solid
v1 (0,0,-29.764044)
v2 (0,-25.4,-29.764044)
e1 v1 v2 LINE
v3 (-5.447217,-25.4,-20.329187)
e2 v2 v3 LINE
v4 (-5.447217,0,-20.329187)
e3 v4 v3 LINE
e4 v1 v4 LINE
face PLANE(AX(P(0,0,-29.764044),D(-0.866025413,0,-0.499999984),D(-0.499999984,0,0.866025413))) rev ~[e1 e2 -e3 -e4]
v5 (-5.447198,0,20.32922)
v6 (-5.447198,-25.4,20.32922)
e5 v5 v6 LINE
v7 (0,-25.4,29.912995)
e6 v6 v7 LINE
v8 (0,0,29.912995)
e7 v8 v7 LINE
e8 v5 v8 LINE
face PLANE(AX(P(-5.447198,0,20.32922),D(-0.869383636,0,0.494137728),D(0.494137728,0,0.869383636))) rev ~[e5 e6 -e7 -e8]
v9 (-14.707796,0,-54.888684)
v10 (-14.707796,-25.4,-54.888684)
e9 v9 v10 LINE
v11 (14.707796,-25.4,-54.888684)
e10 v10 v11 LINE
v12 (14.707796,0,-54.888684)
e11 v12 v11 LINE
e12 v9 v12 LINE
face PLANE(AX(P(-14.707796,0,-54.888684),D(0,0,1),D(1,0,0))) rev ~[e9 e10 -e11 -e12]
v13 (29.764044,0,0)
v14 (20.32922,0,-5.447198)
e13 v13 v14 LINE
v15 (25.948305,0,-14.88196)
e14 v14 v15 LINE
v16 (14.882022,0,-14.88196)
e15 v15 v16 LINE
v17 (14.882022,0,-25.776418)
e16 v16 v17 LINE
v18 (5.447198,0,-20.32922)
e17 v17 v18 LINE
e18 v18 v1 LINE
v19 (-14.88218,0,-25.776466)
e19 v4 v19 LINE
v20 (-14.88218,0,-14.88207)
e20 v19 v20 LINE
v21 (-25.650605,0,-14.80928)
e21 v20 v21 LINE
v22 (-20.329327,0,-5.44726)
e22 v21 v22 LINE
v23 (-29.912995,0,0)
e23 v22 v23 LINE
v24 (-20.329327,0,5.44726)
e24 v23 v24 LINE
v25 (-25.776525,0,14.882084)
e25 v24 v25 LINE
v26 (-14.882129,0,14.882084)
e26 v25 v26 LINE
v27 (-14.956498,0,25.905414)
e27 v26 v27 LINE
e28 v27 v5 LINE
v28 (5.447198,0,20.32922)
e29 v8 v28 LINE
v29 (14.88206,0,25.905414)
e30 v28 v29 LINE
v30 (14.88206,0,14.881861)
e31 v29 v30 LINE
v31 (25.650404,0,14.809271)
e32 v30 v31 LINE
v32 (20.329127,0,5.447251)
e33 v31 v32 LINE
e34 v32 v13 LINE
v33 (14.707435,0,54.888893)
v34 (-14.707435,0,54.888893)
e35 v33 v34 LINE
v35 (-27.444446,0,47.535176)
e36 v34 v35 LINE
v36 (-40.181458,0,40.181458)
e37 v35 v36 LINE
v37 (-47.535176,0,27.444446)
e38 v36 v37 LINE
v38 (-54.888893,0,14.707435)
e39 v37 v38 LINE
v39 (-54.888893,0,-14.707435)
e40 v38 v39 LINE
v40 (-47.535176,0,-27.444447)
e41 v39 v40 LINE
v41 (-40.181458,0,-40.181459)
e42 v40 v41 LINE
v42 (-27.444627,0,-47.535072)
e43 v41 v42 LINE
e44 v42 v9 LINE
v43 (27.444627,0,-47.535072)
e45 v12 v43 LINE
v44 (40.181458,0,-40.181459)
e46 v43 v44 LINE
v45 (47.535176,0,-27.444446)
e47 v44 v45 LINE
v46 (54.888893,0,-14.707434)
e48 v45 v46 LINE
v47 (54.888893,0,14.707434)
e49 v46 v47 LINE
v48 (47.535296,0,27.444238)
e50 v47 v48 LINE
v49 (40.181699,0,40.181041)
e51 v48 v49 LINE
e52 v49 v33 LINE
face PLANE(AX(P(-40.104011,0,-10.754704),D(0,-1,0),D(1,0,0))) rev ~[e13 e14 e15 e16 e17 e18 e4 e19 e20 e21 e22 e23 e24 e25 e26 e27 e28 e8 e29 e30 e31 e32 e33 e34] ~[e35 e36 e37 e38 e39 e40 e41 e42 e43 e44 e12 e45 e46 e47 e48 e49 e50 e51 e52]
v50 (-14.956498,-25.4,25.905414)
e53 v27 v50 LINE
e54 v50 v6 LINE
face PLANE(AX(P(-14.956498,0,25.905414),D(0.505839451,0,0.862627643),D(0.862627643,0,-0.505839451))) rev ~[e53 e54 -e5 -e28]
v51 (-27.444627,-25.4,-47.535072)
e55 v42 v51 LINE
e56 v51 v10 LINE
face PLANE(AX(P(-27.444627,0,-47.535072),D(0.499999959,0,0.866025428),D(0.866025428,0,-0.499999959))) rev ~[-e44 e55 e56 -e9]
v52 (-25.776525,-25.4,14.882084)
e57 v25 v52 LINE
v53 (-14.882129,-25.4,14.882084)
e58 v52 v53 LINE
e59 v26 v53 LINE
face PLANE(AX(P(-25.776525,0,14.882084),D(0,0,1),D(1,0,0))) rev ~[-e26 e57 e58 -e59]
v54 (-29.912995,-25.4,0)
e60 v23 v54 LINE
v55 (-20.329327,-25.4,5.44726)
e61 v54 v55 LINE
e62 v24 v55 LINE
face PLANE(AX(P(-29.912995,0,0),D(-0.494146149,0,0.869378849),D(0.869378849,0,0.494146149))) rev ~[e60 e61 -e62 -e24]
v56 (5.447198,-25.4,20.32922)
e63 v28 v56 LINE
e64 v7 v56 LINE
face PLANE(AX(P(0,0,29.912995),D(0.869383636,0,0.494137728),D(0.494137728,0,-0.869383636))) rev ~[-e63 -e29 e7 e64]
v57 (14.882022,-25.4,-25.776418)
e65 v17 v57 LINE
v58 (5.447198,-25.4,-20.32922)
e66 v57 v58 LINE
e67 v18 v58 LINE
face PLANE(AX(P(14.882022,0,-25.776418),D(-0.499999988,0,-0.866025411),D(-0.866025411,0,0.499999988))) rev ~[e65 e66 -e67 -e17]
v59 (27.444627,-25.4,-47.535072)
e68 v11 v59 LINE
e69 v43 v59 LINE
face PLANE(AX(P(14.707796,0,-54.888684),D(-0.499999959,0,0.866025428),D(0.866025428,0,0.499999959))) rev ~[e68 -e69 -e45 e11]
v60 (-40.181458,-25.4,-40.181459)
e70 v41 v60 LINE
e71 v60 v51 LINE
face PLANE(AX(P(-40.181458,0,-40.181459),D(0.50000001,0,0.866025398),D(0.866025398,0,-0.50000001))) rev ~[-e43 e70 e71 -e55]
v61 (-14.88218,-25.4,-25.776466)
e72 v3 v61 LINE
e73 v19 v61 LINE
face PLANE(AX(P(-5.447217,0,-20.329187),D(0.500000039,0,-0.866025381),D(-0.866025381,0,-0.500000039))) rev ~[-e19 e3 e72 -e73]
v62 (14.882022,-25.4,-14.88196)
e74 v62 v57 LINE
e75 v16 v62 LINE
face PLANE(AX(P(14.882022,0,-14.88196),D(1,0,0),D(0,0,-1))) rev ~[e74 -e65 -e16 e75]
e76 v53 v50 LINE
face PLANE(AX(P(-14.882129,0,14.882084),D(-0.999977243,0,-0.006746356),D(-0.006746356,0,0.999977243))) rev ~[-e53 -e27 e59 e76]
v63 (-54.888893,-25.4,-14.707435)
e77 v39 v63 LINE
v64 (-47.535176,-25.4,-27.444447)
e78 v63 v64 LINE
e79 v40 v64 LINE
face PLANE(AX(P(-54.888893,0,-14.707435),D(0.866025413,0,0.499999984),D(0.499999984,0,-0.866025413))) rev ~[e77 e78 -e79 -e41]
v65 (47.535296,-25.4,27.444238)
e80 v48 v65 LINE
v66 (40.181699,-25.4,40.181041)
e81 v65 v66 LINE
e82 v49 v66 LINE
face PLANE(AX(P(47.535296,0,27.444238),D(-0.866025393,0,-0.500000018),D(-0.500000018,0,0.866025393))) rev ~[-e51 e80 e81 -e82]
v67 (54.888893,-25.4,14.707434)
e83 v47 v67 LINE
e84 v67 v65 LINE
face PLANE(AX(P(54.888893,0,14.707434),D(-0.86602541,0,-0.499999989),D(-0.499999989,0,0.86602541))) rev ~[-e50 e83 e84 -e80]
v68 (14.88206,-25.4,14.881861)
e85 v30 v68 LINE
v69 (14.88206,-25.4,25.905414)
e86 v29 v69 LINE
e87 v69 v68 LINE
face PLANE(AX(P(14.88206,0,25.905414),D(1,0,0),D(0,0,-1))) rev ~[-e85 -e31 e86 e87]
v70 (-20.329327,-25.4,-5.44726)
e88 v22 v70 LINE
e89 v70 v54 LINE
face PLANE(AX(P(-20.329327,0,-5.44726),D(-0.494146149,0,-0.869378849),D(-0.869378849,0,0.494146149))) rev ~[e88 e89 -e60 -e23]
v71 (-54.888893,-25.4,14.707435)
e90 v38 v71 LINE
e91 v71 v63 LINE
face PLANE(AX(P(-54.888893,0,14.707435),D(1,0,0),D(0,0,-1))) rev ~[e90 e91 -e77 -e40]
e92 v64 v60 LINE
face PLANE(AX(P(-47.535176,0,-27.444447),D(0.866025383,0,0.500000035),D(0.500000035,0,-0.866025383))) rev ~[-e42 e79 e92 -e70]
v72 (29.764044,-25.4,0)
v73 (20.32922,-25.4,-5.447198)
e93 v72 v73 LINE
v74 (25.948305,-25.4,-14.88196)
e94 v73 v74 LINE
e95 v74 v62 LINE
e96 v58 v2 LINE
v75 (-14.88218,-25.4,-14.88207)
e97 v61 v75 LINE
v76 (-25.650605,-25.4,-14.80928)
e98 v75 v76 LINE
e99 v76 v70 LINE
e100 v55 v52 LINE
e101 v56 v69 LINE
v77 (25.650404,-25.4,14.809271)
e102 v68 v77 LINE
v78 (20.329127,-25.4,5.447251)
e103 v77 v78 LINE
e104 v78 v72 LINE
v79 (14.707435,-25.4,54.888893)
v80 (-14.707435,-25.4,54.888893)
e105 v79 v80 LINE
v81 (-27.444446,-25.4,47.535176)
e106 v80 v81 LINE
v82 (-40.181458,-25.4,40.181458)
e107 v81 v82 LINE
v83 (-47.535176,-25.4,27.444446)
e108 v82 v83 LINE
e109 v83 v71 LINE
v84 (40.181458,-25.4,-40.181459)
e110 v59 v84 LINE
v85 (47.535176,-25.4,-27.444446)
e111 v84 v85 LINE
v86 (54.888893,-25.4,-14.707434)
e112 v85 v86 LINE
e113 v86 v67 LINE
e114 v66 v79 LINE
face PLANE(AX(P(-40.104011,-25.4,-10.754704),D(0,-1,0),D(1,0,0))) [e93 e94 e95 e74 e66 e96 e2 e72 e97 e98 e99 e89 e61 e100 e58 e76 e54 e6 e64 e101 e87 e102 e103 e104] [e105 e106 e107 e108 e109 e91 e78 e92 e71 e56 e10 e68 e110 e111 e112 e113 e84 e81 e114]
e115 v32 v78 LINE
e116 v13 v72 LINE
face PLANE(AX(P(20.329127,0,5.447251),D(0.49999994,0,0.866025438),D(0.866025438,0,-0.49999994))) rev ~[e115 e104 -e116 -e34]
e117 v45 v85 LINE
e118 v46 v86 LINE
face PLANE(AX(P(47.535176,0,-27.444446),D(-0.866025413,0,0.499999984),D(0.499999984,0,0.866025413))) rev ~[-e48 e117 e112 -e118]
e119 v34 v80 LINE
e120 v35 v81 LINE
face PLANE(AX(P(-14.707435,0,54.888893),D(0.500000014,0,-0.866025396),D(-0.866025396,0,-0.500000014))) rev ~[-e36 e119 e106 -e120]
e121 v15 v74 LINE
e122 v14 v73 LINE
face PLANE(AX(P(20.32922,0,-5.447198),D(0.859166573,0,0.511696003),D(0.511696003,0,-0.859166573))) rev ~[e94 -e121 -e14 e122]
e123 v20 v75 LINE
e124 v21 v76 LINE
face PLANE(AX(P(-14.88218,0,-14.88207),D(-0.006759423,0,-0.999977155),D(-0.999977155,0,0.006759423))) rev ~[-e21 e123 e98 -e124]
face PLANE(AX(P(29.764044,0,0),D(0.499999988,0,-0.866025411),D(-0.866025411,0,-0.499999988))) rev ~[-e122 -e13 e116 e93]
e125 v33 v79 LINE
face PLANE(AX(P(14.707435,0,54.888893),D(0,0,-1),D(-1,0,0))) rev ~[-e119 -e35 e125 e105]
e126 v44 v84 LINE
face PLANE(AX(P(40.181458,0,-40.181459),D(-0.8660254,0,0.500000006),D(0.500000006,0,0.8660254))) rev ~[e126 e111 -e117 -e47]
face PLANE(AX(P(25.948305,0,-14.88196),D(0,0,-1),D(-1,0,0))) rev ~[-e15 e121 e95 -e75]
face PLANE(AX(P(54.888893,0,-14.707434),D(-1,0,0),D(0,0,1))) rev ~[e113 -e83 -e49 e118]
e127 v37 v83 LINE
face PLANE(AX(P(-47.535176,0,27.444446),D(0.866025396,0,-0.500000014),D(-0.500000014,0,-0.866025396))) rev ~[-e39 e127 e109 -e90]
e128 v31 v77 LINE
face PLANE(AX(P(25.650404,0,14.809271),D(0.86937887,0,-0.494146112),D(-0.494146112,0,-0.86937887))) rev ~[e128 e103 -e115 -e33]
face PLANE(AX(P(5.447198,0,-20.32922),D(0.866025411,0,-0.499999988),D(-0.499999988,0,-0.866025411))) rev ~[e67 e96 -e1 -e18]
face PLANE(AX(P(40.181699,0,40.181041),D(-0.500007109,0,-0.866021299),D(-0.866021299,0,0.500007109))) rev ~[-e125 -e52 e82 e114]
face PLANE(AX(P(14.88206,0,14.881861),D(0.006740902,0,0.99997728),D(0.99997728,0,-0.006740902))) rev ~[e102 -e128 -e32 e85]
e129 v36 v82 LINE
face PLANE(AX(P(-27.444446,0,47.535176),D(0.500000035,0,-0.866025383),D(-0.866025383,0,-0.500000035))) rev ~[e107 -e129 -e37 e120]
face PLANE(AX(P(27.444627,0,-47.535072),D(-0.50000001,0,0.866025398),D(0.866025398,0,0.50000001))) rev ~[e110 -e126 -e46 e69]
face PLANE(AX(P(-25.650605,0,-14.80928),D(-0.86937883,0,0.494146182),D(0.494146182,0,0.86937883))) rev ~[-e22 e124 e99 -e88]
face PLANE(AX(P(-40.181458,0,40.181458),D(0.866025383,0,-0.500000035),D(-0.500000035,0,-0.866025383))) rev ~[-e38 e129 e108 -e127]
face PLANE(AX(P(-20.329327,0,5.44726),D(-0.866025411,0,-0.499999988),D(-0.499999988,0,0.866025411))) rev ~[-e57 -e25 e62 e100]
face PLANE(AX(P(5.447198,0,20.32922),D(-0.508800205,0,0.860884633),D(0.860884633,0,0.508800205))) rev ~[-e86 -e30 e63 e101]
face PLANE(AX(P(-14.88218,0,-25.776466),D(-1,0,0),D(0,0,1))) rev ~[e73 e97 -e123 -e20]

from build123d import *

# Parameters (mm, degrees)
F1_DEPTH = 25.4


with BuildPart() as f1:
    # F0 (on Front) → F1 (new body)
    with BuildSketch(Plane.XZ):
        Polygon((-54.888893, 0), (-54.888893, -14.707435), (-47.535176, -27.444447), (-25.650605, -14.80928), (-20.329327, -5.44726), (-29.912995, 0), align=None)
        Polygon((-54.888893, 14.707435), (-54.888893, 0), (-29.912995, 0), (-20.329327, 5.44726), (-25.776525, 14.882084), (-47.535176, 27.444446), align=None)
        Polygon((-25.650605, -14.80928), (-47.535176, -27.444447), (-40.181458, -40.181459), (-27.444627, -47.535072), (-14.88218, -25.776466), (-14.88218, -14.88207), align=None)
        Polygon((-40.181458, 40.181458), (-47.535176, 27.444446), (-25.776525, 14.882084), (-14.882129, 14.882084), (-14.956498, 25.905414), (-27.444446, 47.535176), align=None)
        Polygon((-14.88218, -25.776466), (-27.444627, -47.535072), (-14.707796, -54.888684), (0, -54.888684), (0, -29.764044), (-5.447217, -20.329187), align=None)
        Polygon((-14.707435, 54.888893), (-27.444446, 47.535176), (-14.956498, 25.905414), (-5.447198, 20.32922), (0, 29.912995), (0, 54.888893), align=None)
        Polygon((0, -29.764044), (0, -54.888684), (14.707796, -54.888684), (27.444627, -47.535072), (14.882022, -25.776418), (5.447198, -20.32922), align=None)
        Polygon((14.707435, 54.888893), (0, 54.888893), (0, 29.912995), (5.447198, 20.32922), (14.88206, 25.905414), (14.88206, 25.776258), (27.444567, 47.534967), align=None)
        Polygon((14.882022, -25.776418), (27.444627, -47.535072), (40.181458, -40.181459), (47.535176, -27.444446), (25.776311, -14.88196), (14.882022, -14.88196), align=None)
        Polygon((40.181699, 40.181041), (27.444567, 47.534967), (14.88206, 25.776258), (14.88206, 14.881861), (25.650404, 14.809271), (47.535296, 27.444238), align=None)
        Polygon((25.776311, -14.88196), (47.535176, -27.444446), (54.888893, -14.707434), (54.888893, 14.707434), (47.535296, 27.444238), (25.650404, 14.809271), (20.329127, 5.447251), (29.764044, 0), (20.32922, -5.447198), (25.948305, -14.88196), align=None)
    extrude(amount=F1_DEPTH)


solid = f1.part
